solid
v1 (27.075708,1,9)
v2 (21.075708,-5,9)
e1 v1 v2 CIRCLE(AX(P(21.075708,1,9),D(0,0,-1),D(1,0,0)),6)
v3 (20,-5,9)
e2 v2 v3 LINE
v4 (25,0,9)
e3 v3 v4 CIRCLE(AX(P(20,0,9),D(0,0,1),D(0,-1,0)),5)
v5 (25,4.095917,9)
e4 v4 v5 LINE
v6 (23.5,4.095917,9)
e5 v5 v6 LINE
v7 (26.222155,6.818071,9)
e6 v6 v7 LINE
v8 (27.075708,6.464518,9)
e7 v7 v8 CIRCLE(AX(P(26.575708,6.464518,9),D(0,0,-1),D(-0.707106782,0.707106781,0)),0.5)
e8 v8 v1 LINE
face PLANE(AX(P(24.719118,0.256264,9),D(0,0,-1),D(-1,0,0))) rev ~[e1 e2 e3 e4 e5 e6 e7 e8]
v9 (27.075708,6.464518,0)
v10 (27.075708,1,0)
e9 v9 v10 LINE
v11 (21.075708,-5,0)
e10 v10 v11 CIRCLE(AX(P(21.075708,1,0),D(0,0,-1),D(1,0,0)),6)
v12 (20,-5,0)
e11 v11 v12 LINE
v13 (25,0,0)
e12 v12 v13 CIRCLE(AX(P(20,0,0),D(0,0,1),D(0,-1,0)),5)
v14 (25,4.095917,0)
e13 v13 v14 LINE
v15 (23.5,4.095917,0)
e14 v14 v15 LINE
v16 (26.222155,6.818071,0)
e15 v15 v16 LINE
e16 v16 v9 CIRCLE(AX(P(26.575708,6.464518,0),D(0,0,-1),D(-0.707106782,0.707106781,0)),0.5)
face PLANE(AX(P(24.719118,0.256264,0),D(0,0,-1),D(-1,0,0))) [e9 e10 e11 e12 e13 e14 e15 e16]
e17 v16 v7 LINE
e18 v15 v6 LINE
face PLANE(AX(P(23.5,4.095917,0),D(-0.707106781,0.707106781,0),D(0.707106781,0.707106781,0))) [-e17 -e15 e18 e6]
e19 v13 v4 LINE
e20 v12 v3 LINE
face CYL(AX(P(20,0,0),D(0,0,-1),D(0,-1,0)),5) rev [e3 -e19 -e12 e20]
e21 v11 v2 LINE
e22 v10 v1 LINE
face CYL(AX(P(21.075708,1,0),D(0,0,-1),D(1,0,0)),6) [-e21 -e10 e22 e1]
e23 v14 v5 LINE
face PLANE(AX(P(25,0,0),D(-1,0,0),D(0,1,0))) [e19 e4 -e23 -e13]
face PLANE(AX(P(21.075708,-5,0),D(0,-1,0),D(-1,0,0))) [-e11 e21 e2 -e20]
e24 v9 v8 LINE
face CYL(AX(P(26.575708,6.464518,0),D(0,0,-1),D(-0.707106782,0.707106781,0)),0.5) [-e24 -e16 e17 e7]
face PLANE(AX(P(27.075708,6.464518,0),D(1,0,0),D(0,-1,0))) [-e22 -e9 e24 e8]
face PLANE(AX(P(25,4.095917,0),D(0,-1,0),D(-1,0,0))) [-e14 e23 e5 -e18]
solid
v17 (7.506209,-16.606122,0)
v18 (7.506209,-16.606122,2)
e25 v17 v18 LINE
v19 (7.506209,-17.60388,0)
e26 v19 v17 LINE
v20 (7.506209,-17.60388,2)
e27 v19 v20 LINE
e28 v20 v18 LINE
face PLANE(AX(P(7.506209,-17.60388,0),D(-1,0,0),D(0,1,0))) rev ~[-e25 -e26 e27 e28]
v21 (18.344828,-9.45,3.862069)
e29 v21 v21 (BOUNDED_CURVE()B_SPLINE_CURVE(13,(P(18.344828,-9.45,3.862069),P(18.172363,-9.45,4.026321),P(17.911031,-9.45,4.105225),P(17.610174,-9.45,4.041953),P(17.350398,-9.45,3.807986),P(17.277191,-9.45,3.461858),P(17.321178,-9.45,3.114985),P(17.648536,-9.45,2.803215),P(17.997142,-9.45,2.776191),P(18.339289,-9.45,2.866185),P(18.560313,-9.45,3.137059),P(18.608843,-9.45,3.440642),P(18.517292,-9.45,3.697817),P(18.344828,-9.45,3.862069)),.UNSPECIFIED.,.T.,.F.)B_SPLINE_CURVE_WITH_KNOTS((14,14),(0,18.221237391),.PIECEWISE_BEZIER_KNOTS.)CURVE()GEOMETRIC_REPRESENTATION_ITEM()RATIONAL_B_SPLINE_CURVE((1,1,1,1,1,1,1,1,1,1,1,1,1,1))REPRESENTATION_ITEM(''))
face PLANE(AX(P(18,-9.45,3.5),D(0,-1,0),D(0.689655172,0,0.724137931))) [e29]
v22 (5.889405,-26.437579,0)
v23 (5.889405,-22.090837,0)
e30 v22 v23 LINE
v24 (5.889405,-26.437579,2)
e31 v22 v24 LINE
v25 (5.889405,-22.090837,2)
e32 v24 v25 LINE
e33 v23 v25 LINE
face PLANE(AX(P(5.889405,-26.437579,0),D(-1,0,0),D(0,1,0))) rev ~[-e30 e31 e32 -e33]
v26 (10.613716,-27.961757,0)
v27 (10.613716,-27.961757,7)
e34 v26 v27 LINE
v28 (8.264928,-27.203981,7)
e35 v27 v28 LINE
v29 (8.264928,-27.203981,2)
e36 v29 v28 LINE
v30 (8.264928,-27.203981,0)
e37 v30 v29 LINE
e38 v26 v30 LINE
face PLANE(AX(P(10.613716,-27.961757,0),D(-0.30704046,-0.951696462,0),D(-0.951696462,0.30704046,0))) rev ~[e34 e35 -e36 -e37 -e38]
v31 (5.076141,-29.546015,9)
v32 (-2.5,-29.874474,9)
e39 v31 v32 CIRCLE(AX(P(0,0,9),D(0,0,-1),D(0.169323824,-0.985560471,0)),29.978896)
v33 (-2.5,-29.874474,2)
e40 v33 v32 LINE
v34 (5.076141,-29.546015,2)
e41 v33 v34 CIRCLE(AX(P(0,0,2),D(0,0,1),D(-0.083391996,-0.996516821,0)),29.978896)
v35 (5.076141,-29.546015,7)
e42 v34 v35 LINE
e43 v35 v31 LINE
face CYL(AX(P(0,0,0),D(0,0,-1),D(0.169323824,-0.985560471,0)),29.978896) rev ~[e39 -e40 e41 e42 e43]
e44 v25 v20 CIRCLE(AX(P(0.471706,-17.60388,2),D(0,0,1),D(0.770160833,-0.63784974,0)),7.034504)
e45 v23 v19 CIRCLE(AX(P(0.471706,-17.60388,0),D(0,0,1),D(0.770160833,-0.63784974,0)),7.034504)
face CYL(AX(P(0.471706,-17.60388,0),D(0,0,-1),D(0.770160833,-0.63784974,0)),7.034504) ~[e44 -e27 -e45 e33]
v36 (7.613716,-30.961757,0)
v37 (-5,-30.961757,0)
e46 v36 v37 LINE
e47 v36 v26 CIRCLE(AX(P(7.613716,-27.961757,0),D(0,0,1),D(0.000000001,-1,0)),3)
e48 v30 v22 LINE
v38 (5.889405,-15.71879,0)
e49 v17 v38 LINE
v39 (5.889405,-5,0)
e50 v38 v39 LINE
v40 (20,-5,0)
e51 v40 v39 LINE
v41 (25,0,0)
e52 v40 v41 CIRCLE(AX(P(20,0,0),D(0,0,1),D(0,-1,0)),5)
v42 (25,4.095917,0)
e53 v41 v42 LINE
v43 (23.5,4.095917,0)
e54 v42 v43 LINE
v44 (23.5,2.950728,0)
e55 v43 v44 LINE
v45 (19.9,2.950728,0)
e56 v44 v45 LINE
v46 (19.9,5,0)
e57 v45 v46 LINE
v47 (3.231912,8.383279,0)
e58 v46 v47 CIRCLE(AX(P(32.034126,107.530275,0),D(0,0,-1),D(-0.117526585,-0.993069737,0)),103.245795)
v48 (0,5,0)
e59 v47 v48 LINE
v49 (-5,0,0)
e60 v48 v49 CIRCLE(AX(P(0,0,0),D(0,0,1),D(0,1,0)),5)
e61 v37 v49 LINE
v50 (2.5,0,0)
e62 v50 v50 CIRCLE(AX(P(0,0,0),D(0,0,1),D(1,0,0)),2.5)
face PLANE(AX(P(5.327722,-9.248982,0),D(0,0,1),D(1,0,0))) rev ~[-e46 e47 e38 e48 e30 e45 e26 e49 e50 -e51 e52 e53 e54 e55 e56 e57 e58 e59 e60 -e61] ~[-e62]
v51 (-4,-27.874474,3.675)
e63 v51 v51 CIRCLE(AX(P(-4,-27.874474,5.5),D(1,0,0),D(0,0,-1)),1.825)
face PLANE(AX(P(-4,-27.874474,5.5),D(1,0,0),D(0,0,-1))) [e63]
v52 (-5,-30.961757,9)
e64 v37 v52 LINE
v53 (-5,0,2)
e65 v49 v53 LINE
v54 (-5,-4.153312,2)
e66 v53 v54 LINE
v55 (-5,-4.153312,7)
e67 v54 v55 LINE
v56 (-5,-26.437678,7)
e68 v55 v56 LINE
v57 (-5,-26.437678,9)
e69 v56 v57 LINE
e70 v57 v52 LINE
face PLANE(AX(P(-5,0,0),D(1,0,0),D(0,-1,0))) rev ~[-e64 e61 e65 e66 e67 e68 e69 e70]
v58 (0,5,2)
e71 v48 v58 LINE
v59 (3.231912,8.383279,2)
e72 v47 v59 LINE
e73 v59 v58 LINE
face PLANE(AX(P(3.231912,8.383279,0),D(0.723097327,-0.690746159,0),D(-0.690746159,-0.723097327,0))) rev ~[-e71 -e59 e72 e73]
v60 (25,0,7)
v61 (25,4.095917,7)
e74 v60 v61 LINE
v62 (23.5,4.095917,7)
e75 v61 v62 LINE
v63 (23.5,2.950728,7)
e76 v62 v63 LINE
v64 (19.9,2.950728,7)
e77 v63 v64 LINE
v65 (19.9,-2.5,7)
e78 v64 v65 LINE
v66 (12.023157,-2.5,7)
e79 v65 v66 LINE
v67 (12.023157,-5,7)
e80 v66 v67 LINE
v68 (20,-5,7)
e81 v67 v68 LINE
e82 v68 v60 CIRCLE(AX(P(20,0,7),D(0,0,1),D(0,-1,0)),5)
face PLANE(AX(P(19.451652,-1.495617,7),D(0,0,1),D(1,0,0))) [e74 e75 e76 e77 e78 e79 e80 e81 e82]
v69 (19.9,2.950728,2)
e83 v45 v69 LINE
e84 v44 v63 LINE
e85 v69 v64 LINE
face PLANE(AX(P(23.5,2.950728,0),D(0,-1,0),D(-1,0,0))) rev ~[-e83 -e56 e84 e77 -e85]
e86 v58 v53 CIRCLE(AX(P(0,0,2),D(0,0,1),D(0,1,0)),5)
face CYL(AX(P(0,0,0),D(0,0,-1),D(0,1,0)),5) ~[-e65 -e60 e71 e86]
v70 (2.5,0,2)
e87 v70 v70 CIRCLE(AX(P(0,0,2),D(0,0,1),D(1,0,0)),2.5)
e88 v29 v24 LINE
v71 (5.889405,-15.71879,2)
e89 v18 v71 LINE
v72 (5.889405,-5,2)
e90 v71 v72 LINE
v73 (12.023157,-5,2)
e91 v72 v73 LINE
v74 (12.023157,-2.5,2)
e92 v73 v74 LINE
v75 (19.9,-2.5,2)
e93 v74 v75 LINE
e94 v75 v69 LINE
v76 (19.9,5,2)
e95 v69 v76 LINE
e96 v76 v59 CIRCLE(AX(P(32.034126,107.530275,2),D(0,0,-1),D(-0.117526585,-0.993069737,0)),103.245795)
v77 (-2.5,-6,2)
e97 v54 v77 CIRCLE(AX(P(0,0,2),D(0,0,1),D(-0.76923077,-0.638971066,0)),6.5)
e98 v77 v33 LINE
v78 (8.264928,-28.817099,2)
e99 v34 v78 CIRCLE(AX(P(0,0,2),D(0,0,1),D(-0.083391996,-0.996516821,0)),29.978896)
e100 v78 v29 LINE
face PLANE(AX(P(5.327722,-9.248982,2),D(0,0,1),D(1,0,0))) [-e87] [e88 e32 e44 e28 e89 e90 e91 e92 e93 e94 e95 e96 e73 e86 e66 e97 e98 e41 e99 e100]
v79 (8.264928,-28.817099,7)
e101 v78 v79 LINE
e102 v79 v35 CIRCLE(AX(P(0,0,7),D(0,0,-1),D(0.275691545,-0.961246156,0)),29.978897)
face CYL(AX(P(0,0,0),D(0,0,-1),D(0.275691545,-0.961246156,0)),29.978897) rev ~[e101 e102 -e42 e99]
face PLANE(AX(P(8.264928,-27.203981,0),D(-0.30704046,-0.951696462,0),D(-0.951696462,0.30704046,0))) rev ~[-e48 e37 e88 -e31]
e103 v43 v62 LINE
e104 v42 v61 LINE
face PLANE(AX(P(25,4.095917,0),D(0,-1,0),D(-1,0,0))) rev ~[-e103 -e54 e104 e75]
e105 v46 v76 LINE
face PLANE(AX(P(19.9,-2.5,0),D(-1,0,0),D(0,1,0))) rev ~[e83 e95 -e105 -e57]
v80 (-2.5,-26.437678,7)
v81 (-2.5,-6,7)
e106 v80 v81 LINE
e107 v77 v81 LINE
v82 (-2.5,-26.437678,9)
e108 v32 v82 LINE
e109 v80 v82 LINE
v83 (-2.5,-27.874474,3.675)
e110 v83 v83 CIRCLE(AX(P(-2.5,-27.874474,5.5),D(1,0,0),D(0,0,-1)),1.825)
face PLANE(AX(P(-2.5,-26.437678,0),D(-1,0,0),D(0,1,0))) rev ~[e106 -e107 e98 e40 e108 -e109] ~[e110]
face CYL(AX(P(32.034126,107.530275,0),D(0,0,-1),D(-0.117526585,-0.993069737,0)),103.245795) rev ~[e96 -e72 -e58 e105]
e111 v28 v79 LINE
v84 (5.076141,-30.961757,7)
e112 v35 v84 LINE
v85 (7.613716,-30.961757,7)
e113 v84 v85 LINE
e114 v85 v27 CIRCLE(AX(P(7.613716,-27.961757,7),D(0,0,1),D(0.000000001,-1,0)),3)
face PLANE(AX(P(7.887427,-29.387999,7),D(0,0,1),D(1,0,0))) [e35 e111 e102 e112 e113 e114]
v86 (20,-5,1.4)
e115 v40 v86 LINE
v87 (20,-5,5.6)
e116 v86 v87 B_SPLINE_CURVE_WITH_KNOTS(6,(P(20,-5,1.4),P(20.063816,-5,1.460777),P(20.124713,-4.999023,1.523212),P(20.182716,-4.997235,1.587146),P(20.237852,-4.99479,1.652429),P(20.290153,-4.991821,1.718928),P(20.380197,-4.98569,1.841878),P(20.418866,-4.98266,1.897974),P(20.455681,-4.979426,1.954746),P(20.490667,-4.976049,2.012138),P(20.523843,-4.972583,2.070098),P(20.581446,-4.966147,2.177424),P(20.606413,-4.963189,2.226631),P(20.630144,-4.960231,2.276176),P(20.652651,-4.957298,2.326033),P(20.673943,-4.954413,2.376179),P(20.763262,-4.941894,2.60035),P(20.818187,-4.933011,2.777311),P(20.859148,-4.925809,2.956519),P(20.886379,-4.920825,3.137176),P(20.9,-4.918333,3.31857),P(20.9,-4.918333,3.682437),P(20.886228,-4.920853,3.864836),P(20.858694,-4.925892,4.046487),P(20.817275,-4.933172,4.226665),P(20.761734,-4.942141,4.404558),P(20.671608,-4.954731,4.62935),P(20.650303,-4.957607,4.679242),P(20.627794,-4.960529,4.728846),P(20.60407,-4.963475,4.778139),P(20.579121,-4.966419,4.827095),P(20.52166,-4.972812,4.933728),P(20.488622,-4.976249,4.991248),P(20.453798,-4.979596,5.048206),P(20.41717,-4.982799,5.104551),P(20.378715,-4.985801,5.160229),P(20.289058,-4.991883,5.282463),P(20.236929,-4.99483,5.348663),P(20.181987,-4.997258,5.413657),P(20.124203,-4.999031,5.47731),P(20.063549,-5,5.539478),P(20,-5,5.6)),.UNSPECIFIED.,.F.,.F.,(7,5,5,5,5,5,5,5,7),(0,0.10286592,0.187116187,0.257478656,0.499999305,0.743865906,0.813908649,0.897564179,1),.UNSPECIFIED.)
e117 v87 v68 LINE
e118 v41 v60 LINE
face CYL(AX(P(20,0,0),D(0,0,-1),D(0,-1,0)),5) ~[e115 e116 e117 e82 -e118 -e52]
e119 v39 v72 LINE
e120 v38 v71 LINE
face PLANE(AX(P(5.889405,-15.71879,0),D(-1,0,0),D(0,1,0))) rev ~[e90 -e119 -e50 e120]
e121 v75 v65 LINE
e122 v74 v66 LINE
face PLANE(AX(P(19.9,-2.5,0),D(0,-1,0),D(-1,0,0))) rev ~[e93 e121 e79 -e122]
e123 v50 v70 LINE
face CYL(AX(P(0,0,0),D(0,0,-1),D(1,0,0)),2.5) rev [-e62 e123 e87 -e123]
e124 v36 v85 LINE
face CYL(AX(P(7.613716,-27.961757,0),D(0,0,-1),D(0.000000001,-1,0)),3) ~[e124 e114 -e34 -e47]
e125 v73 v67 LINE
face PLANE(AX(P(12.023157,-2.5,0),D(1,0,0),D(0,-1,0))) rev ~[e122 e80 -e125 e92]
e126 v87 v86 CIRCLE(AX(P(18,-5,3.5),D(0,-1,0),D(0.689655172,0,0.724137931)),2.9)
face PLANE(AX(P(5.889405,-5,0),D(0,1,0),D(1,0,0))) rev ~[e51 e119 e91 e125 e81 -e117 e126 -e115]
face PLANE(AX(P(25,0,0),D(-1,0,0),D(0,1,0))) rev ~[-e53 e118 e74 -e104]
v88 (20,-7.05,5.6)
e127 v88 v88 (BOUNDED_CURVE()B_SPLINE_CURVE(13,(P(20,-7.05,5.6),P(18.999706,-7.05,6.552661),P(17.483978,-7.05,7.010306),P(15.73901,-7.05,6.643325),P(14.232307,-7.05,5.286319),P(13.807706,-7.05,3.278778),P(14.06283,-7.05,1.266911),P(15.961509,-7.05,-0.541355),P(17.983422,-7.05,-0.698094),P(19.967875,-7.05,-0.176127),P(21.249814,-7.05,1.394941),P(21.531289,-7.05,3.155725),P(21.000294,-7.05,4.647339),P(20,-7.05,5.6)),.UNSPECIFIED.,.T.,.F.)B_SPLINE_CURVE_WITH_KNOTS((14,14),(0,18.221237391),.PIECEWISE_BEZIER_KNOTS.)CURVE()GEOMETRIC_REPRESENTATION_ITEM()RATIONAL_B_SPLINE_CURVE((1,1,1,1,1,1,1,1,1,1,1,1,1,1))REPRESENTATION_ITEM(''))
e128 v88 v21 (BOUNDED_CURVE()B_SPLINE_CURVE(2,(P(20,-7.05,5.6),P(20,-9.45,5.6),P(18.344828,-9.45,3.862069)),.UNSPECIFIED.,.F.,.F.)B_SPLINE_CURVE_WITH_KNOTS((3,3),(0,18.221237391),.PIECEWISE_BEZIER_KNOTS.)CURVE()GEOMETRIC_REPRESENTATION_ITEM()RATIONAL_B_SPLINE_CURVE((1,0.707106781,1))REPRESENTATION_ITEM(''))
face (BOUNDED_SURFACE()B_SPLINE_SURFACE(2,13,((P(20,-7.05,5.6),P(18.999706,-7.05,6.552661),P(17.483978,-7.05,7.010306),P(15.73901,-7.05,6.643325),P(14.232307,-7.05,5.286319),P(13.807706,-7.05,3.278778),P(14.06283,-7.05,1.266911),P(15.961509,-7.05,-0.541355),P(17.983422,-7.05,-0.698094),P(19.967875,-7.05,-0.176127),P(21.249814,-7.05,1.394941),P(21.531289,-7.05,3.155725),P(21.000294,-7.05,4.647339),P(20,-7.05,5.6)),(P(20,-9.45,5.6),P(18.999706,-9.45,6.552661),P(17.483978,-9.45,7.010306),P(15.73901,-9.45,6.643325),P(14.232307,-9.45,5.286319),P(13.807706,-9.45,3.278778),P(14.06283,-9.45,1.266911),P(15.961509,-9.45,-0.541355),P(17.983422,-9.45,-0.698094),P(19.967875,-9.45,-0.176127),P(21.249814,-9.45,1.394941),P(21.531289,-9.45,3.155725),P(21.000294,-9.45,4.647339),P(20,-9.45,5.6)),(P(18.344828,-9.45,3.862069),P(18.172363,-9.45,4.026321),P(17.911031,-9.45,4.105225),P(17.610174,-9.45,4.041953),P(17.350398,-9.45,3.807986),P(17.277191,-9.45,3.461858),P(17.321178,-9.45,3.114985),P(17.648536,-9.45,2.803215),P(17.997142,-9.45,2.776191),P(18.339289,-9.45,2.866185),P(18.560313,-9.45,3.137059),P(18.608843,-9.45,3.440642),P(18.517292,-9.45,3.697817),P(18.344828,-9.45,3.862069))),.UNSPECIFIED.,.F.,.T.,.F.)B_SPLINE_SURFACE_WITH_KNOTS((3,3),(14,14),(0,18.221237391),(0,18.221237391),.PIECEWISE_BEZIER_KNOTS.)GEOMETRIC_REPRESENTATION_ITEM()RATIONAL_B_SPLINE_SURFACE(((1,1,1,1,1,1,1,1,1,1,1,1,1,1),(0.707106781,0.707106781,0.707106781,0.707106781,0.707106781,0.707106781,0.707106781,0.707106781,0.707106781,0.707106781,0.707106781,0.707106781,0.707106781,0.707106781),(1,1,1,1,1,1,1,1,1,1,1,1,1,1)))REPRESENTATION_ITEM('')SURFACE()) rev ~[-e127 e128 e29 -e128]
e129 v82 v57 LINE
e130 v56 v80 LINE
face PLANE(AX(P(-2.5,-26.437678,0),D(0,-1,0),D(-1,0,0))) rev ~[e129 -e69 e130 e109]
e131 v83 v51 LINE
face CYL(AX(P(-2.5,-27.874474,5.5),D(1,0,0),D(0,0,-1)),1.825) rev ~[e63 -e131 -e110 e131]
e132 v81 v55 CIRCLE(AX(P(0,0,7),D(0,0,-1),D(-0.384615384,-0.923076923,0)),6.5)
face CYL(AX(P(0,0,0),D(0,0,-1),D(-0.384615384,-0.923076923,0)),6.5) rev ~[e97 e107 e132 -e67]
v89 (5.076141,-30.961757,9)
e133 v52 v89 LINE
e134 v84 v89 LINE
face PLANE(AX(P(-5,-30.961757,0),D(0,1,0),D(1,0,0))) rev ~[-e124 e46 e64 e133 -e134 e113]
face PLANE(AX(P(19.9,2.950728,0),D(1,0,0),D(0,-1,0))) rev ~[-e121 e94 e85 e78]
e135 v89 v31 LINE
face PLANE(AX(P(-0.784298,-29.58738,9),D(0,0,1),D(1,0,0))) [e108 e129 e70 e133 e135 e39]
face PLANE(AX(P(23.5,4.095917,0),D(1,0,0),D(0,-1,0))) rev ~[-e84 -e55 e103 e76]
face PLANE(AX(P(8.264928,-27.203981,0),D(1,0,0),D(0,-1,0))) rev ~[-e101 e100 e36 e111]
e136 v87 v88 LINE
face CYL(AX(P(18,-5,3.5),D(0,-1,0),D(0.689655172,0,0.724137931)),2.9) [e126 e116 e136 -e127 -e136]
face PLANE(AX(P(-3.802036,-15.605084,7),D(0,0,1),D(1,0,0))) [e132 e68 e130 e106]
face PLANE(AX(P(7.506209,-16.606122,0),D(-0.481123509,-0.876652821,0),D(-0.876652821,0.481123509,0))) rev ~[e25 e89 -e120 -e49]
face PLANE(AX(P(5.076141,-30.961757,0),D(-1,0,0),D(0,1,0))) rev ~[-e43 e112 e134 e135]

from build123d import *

# Parameters (mm, degrees)
EXTRUDE_3_DEPTH     = 9
EXTRUDE_3_2_DEPTH   = 9
EXTRUDE_4_DEPTH     = 7
SKETCH_1_8_R        = 2.5
EXTRUDE_5_DEPTH     = 2
SKETCH_2_R          = 2.9
EXTRUDE_6_DEPTH     = 2.45
SKETCH_4_R          = 2.9
EXTRUDE_7_DEPTH     = 2
FILLET_2_R          = 2.4
SKETCH_5_R          = 1.825
CUT_EXTRUDE_1_DEPTH = 1.5


with BuildPart() as part:
    # 스케치1 → 보스-돌출3 (new body)
    with BuildSketch(Plane.XY):
        with BuildLine():
            Line((-2.5, -26.437677825), (-5, -26.437677825))
            Line((-5, -26.437677825), (-5, -30.96175738))
            Line((-5, -30.96175738), (5.076141326, -30.96175738))
            Line((5.076141326, -30.96175738), (5.076141326, -29.54601506))
            ThreePointArc((5.076141326, -29.54601506), (1.298498135, -29.950761581), (-2.5, -29.874474333))
            Line((-2.5, -29.874474333), (-2.5, -26.437677825))
        make_face()
    extrude(amount=EXTRUDE_3_DEPTH)

    # 스케치1<7> → 보스-돌출4 (add)
    with BuildSketch(Plane.XY):
        with BuildLine():
            Line((23.5, 2.950728465), (19.9, 2.950728465))
            Line((19.9, 2.950728465), (19.9, -2.5))
            Line((19.9, -2.5), (12.023157318, -2.5))
            Line((12.023157318, -2.5), (12.023157318, -5))
            Line((12.023157318, -5), (20, -5))
            ThreePointArc((20, -5), (23.535533906, -3.535533906), (25, 0))
            Line((25, 0), (25, 4.09591659))
            Line((25, 4.09591659), (23.5, 4.09591659))
            Line((23.5, 4.09591659), (23.5, 2.950728465))
        make_face()
        with BuildLine():
            ThreePointArc((-2.5, -6), (-3.862002616, -5.228282299), (-5, -4.153311931))
            Line((-5, -4.153311931), (-5, -26.437677825))
            Line((-5, -26.437677825), (-2.5, -26.437677825))
            Line((-2.5, -26.437677825), (-2.5, -6))
        make_face()
        with BuildLine():
            Line((5.076141326, -29.54601506), (5.076141326, -30.96175738))
            Line((5.076141326, -30.96175738), (7.613716386, -30.96175738))
            ThreePointArc((7.613716386, -30.96175738), (9.735036729, -30.083077723), (10.613716386, -27.96175738))
            Line((10.613716386, -27.96175738), (8.264928228, -27.20398111))
            Line((8.264928228, -27.20398111), (8.264928228, -28.81709871))
            ThreePointArc((8.264928228, -28.81709871), (6.680483813, -29.225080884), (5.076141326, -29.54601506))
        make_face()
    extrude(amount=EXTRUDE_4_DEPTH)


with BuildPart() as body_2:
    # 스케치1 → Extrude 3 2 (new body)
    with BuildSketch(Plane.XY):
        with BuildLine():
            Line((26.22215467, 6.81807126), (23.5, 4.09591659))
            Line((23.5, 4.09591659), (25, 4.09591659))
            Line((25, 4.09591659), (25, 0))
            ThreePointArc((25, 0), (23.535533906, -3.535533906), (20, -5))
            Line((20, -5), (21.075708061, -5))
            ThreePointArc((21.075708061, -5), (25.318348748, -3.242640687), (27.075708061, 1))
            Line((27.075708061, 1), (27.075708061, 6.46451787))
            ThreePointArc((27.075708061, 6.46451787), (26.767049777, 6.926457636), (26.22215467, 6.81807126))
        make_face()
    extrude(amount=EXTRUDE_3_2_DEPTH)


with BuildPart() as extrude_4_piece_1:
    # of the separate pieces the step leaves, piece 1, a body of its own (extrude_4_pieces)
    add(part.part.solids().sort_by_distance((-2.5, -29.874474333, 0))[0])



with BuildPart() as extrude_4_piece_2:
    # of the separate pieces the step leaves, piece 2, a body of its own (extrude_4_pieces)
    add(part.part.solids().sort_by_distance((23.5, 2.950728465, 0))[0])


with BuildPart() as extrude_4_piece_1_1:
    add(extrude_4_piece_1.part)

    add(extrude_4_piece_2.part)  # 보스-돌출5 merges 보스-돌출4 piece 2
    # 스케치1<8> → 보스-돌출5 (add)
    with BuildSketch(Plane.XY):
        with BuildLine():
            Line((3.231912185, 8.38327913), (0, 5))
            ThreePointArc((0, 5), (-3.535533906, 3.535533906), (-5, 0))
            Line((-5, 0), (-5, -4.153311931))
            ThreePointArc((-5, -4.153311931), (-3.862002616, -5.228282299), (-2.5, -6))
            Line((-2.5, -6), (-2.5, -29.874474333))
            ThreePointArc((-2.5, -29.874474333), (2.93054776, -29.83531643), (8.264928228, -28.81709871))
            Line((8.264928228, -28.81709871), (8.264928228, -27.20398111))
            Line((8.264928228, -27.20398111), (5.889404941, -26.437579436))
            Line((5.889404941, -26.437579436), (5.889404941, -22.090836604))
            ThreePointArc((5.889404941, -22.090836604), (7.089676261, -19.98856225), (7.506209453, -17.603880133))
            Line((7.506209453, -17.603880133), (7.506209453, -16.606122356))
            Line((7.506209453, -16.606122356), (5.889404941, -15.718789718))
            Line((5.889404941, -15.718789718), (5.889404941, -5))
            Line((5.889404941, -5), (12.023157318, -5))
            Line((12.023157318, -5), (12.023157318, -2.5))
            Line((12.023157318, -2.5), (19.9, -2.5))
            Line((19.9, -2.5), (19.9, 5))
            ThreePointArc((19.9, 5), (11.496170313, 6.34783243), (3.231912185, 8.38327913))
        make_face()
        Circle(SKETCH_1_8_R, mode=Mode.SUBTRACT)
    extrude(amount=EXTRUDE_5_DEPTH)

    # 스케치2 → 보스-돌출6 (add, symmetric)
    with BuildSketch(Plane.XZ.offset(5)):
        with Locations((18, 3.5)):
            Circle(SKETCH_2_R)
    extrude(amount=EXTRUDE_6_DEPTH, both=True)

    # 스케치4 → 보스-돌출7 (add)
    with BuildSketch(Plane.XZ.offset(7.45)):
        with Locations((18, 3.5)):
            Circle(SKETCH_4_R)
    extrude(amount=EXTRUDE_7_DEPTH)

    # 필렛2
    fillet_2_edges = [extrude_4_piece_1_1.edges().sort_by_distance(p)[0] for p in [
        (15.1, -9.45, 3.5),
    ]]
    fillet(fillet_2_edges, radius=FILLET_2_R)

    # 스케치5 → 컷-돌출1 (cut)
    with BuildSketch(Plane(origin=(-2.5, 0, 0), x_dir=(0, 0, -1), z_dir=(1, 0, 0))):
        with Locations((-5.5, -27.874474333)):
            Circle(SKETCH_5_R)
    extrude(amount=-CUT_EXTRUDE_1_DEPTH, mode=Mode.SUBTRACT)


solid = Compound([body_2.part, extrude_4_piece_1_1.part])
